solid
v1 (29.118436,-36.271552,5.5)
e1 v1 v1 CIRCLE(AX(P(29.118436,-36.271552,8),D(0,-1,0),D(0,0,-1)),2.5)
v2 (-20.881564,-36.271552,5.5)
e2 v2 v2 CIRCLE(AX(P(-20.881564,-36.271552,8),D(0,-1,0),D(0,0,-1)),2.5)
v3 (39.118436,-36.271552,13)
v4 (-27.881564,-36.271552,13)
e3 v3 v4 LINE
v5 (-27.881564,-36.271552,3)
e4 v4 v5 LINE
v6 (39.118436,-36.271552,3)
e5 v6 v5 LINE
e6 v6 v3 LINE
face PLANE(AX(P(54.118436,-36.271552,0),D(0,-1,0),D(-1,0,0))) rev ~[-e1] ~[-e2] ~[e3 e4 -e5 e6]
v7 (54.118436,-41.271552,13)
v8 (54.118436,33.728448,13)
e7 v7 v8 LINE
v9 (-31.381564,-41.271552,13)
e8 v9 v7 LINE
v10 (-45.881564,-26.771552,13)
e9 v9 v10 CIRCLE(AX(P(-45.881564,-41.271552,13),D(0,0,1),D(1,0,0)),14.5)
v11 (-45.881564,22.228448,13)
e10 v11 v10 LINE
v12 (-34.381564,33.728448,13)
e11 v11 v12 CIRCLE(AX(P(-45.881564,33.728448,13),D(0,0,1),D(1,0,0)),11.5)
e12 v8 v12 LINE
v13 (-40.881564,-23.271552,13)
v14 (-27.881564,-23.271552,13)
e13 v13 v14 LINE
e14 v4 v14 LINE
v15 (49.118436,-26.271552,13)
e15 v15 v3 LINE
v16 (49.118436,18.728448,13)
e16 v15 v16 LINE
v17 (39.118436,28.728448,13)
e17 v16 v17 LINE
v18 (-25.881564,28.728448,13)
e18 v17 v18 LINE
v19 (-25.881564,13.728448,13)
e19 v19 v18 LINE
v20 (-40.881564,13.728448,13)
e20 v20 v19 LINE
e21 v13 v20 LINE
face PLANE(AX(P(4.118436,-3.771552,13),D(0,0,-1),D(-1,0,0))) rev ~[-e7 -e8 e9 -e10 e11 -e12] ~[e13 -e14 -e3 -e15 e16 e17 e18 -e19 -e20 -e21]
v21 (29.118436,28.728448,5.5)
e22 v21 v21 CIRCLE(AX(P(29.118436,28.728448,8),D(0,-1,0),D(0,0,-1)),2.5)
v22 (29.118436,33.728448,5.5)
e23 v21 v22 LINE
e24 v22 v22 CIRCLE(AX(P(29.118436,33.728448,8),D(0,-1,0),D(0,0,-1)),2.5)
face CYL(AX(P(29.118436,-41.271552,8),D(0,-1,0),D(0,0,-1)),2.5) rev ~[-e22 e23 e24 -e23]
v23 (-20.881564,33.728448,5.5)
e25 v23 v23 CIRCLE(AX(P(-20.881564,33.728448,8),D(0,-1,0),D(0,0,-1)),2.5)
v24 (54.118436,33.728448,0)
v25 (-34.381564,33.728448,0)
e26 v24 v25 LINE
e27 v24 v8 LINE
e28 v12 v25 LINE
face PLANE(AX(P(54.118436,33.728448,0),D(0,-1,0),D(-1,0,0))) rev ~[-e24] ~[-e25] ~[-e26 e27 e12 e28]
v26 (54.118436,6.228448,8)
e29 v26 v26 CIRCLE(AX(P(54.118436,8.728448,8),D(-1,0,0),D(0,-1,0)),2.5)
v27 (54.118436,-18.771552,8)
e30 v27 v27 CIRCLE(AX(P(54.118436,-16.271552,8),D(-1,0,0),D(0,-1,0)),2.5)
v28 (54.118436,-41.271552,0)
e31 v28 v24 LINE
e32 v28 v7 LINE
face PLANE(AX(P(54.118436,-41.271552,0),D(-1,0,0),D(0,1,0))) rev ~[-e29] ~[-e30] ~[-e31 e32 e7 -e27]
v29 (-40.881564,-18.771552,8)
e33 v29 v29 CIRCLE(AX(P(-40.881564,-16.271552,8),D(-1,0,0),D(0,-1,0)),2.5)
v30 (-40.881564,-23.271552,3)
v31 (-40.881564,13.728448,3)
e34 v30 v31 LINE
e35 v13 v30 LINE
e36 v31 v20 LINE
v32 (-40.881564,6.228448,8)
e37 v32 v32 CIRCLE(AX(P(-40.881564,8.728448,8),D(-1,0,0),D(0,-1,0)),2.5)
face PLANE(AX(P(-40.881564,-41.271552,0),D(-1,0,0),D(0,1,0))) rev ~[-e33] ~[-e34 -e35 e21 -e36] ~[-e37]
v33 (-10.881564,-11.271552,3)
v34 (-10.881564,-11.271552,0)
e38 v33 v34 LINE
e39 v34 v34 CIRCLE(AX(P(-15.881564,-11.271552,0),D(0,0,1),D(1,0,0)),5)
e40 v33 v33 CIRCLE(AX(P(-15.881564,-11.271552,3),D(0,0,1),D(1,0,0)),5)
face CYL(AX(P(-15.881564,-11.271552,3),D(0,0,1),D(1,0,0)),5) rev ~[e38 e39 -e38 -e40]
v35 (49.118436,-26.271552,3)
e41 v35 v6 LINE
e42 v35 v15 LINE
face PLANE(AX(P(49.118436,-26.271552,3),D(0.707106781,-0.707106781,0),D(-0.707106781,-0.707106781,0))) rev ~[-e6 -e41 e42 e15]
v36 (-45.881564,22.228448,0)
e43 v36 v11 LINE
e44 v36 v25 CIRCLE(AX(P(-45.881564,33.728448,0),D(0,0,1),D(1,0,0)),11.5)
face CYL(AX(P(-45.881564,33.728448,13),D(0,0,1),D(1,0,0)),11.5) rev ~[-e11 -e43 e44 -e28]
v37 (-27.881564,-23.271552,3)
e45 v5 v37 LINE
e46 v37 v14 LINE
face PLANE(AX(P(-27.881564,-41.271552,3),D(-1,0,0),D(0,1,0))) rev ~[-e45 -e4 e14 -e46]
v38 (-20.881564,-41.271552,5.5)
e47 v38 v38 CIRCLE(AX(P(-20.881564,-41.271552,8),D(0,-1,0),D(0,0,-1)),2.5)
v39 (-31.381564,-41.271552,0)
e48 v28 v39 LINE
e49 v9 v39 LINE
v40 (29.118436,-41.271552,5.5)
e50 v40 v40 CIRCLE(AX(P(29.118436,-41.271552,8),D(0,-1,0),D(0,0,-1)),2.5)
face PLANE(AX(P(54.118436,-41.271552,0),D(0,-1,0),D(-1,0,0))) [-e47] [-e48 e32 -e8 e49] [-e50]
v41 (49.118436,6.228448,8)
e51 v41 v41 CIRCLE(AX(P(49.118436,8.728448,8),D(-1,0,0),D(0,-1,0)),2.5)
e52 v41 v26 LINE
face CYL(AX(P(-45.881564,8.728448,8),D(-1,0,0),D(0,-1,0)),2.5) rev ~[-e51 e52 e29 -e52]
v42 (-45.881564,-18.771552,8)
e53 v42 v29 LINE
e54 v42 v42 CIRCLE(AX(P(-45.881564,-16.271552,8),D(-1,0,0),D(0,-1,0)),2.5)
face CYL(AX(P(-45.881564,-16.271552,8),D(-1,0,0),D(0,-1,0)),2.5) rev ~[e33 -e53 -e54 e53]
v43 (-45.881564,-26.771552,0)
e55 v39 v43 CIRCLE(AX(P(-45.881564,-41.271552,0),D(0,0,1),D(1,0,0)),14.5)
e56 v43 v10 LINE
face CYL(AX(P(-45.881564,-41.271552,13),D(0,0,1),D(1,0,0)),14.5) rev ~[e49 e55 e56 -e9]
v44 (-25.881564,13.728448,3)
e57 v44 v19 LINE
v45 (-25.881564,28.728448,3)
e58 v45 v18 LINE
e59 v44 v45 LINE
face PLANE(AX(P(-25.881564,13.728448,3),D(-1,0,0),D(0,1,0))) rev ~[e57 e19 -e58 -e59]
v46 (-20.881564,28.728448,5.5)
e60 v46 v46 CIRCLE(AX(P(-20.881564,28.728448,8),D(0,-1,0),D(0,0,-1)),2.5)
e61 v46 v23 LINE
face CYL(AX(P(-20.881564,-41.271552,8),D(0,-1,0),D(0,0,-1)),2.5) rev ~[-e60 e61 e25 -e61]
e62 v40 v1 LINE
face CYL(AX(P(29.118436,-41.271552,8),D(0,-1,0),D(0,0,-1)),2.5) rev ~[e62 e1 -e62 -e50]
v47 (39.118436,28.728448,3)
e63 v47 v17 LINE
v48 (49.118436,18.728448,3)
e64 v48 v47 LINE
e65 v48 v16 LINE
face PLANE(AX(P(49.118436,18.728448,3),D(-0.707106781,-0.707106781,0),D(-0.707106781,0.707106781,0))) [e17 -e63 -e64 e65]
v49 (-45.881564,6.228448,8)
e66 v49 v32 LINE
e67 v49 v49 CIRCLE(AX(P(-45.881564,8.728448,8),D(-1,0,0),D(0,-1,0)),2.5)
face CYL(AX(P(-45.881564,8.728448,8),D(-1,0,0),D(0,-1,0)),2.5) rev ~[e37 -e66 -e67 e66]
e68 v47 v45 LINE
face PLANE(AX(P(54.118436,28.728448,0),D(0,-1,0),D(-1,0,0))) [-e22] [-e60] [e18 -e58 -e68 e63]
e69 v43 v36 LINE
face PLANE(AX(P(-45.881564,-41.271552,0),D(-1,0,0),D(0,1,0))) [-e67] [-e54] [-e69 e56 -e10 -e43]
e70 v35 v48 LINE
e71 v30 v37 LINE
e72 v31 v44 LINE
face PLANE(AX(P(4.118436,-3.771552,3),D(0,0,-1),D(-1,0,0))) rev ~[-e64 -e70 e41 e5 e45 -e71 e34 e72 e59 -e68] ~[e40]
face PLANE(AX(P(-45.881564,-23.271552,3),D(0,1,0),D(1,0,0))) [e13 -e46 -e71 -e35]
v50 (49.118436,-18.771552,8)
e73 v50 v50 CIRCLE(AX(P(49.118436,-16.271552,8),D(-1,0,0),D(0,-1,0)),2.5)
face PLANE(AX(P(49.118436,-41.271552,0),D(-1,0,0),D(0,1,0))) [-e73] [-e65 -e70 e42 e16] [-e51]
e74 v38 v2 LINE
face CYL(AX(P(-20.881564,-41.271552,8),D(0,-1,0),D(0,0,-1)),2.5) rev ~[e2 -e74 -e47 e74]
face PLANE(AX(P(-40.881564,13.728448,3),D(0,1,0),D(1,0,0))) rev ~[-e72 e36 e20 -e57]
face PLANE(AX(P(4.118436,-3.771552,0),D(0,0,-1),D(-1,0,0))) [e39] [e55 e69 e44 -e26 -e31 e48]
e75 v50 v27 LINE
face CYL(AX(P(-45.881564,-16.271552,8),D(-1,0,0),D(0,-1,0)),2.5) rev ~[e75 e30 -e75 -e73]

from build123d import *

# Parameters (mm, degrees)
BOSS_EXTRU_1_DEPTH        = 13
COQUE1_T                  = -5
COQUE1_THICKNESS_2_FACE_W = 90
COQUE1_THICKNESS_2_FACE_H = 65
COQUE1_THICKNESS_2_DEPTH  = 2
ENL_V_MAT_EXTRU_1_REACH   = 110.96
ESQUISSE2_R               = 2.5
ENL_V_MAT_EXTRU_2_REACH   = 95.396
ESQUISSE3_R               = 2.5
ESQUISSE4_W               = 18
ESQUISSE4_H               = 18
ESQUISSE4_W_2             = 15
ESQUISSE4_H_2             = 15
BOSS_EXTRU_2_DEPTH        = 10
ESQUISSE6_R               = 11.5
ESQUISSE6_R_2             = 14.5
ENL_V_MAT_EXTRU_4_DEPTH   = 13
ESQUISSE7_R               = 5
ENL_V_MAT_EXTRU_5_DEPTH   = 3


with BuildPart() as part:
    # Esquisse1 → Boss.-Extru.1 (new body)
    with BuildSketch(Plane.XY):
        Polygon((44.118436308, 33.728448276), (54.118436308, 33.728448276), (54.118436308, 23.728448276), (54.118436308, -41.271551724), (-45.881563692, -41.271551724), (-45.881563692, 33.728448276), align=None)
    extrude(amount=BOSS_EXTRU_1_DEPTH)

    # Coque1
    coque1_openings = [part.faces().sort_by_distance(p)[0] for p in [
        (4.118436308, -3.771551724, 13),
    ]]
    offset(amount=COQUE1_T, openings=coque1_openings, kind=Kind.INTERSECTION)

    # Coque1 thickness 2 face (on inner face of the shell) → Coque1 thickness 2 (cut)
    with BuildSketch(Plane(origin=(4.118436308, -3.771551724, 5), x_dir=(-1, 0, 0), z_dir=(0, 0, -1))):
        Rectangle(COQUE1_THICKNESS_2_FACE_W, COQUE1_THICKNESS_2_FACE_H)
    extrude(amount=COQUE1_THICKNESS_2_DEPTH, mode=Mode.SUBTRACT)

    # Enlèv. mat.-Extru.1: up to this face of the body (flat: up to its plane)
    enl_v_mat_extru_1_end = Plane(part.part.faces().sort_by_distance((54.118436308, -3.771551724, 6.5))[0])
    # Esquisse2 → Enlèv. mat.-Extru.1 (cut, up to the picked face)
    with BuildSketch(Plane.ZY.offset(45.881563692), mode=Mode.PRIVATE) as enl_v_mat_extru_1_sk1:
        with Locations(Location((8, -16.271551724, 0), (0, 0, 270))):
            Circle(ESQUISSE2_R)
    enl_v_mat_extru_1_tool1 = split(extrude(enl_v_mat_extru_1_sk1.sketch, amount=-ENL_V_MAT_EXTRU_1_REACH, mode=Mode.PRIVATE), bisect_by=enl_v_mat_extru_1_end, keep=Keep.BOTH, mode=Mode.PRIVATE)
    # Esquisse2 → Enlèv. mat.-Extru.1 (cut, up to the picked face)
    with BuildSketch(Plane.ZY.offset(45.881563692), mode=Mode.PRIVATE) as enl_v_mat_extru_1_sk2:
        with Locations(Location((8, 8.728448276, 0), (0, 0, 270))):
            Circle(ESQUISSE2_R)
    enl_v_mat_extru_1_tool2 = split(extrude(enl_v_mat_extru_1_sk2.sketch, amount=-ENL_V_MAT_EXTRU_1_REACH, mode=Mode.PRIVATE), bisect_by=enl_v_mat_extru_1_end, keep=Keep.BOTH, mode=Mode.PRIVATE)
    add(enl_v_mat_extru_1_tool1.solids().sort_by(Axis((-45.881564, -16.271552, 8), (1, 0, 0)))[0], mode=Mode.SUBTRACT)
    add(enl_v_mat_extru_1_tool2.solids().sort_by(Axis((-45.881564, 8.728448, 8), (1, 0, 0)))[0], mode=Mode.SUBTRACT)

    # Enlèv. mat.-Extru.2: up to this face of the body (flat: up to its plane)
    enl_v_mat_extru_2_end = Plane(part.part.faces().sort_by_distance((4.118436308, 33.728448276, 6.5))[0])
    # Esquisse3 → Enlèv. mat.-Extru.2 (cut, up to the picked face)
    with BuildSketch(Plane.XZ.offset(41.271551724), mode=Mode.PRIVATE) as enl_v_mat_extru_2_sk1:
        with Locations(Location((-20.881563692, 8, 0), (0, 0, 270))):
            Circle(ESQUISSE3_R)
    enl_v_mat_extru_2_tool1 = split(extrude(enl_v_mat_extru_2_sk1.sketch, amount=-ENL_V_MAT_EXTRU_2_REACH, mode=Mode.PRIVATE), bisect_by=enl_v_mat_extru_2_end, keep=Keep.BOTH, mode=Mode.PRIVATE)
    # Esquisse3 → Enlèv. mat.-Extru.2 (cut, up to the picked face)
    with BuildSketch(Plane.XZ.offset(41.271551724), mode=Mode.PRIVATE) as enl_v_mat_extru_2_sk2:
        with Locations(Location((29.118436308, 8, 0), (0, 0, 270))):
            Circle(ESQUISSE3_R)
    enl_v_mat_extru_2_tool2 = split(extrude(enl_v_mat_extru_2_sk2.sketch, amount=-ENL_V_MAT_EXTRU_2_REACH, mode=Mode.PRIVATE), bisect_by=enl_v_mat_extru_2_end, keep=Keep.BOTH, mode=Mode.PRIVATE)
    add(enl_v_mat_extru_2_tool1.solids().sort_by(Axis((-20.881564, -41.271552, 8), (0, 1, 0)))[0], mode=Mode.SUBTRACT)
    add(enl_v_mat_extru_2_tool2.solids().sort_by(Axis((29.118436, -41.271552, 8), (0, 1, 0)))[0], mode=Mode.SUBTRACT)

    # Esquisse4 → Boss.-Extru.2 (add)
    with BuildSketch(Plane.XY.offset(3)):
        with Locations((-36.881563692, -32.271551724)):
            Rectangle(ESQUISSE4_W, ESQUISSE4_H)
        Polygon((49.118436308, 28.728448276), (49.118436308, 18.728448276), (39.118436308, 28.728448276), align=None)
        Polygon((49.118436308, -36.271551724), (49.118436308, -26.271551724), (39.118436308, -36.271551724), align=None)
        with Locations((-33.381563692, 21.228448276)):
            Rectangle(ESQUISSE4_W_2, ESQUISSE4_H_2)
    extrude(amount=BOSS_EXTRU_2_DEPTH)

    # Esquisse6 → Enlèv. mat.-Extru.4 (cut)
    with BuildSketch(Plane.XY.offset(13)):
        with Locations((-45.881563692, 33.728448276)):
            Circle(ESQUISSE6_R)
        with Locations((-45.881563692, -41.271551724)):
            Circle(ESQUISSE6_R_2)
    extrude(amount=-ENL_V_MAT_EXTRU_4_DEPTH, mode=Mode.SUBTRACT)

    # Esquisse7 → Enlèv. mat.-Extru.5 (cut)
    with BuildSketch(Plane.XY.offset(3)):
        with Locations((-15.881563692, -11.271551724)):
            Circle(ESQUISSE7_R)
    extrude(amount=-ENL_V_MAT_EXTRU_5_DEPTH, mode=Mode.SUBTRACT)


solid = part.part
